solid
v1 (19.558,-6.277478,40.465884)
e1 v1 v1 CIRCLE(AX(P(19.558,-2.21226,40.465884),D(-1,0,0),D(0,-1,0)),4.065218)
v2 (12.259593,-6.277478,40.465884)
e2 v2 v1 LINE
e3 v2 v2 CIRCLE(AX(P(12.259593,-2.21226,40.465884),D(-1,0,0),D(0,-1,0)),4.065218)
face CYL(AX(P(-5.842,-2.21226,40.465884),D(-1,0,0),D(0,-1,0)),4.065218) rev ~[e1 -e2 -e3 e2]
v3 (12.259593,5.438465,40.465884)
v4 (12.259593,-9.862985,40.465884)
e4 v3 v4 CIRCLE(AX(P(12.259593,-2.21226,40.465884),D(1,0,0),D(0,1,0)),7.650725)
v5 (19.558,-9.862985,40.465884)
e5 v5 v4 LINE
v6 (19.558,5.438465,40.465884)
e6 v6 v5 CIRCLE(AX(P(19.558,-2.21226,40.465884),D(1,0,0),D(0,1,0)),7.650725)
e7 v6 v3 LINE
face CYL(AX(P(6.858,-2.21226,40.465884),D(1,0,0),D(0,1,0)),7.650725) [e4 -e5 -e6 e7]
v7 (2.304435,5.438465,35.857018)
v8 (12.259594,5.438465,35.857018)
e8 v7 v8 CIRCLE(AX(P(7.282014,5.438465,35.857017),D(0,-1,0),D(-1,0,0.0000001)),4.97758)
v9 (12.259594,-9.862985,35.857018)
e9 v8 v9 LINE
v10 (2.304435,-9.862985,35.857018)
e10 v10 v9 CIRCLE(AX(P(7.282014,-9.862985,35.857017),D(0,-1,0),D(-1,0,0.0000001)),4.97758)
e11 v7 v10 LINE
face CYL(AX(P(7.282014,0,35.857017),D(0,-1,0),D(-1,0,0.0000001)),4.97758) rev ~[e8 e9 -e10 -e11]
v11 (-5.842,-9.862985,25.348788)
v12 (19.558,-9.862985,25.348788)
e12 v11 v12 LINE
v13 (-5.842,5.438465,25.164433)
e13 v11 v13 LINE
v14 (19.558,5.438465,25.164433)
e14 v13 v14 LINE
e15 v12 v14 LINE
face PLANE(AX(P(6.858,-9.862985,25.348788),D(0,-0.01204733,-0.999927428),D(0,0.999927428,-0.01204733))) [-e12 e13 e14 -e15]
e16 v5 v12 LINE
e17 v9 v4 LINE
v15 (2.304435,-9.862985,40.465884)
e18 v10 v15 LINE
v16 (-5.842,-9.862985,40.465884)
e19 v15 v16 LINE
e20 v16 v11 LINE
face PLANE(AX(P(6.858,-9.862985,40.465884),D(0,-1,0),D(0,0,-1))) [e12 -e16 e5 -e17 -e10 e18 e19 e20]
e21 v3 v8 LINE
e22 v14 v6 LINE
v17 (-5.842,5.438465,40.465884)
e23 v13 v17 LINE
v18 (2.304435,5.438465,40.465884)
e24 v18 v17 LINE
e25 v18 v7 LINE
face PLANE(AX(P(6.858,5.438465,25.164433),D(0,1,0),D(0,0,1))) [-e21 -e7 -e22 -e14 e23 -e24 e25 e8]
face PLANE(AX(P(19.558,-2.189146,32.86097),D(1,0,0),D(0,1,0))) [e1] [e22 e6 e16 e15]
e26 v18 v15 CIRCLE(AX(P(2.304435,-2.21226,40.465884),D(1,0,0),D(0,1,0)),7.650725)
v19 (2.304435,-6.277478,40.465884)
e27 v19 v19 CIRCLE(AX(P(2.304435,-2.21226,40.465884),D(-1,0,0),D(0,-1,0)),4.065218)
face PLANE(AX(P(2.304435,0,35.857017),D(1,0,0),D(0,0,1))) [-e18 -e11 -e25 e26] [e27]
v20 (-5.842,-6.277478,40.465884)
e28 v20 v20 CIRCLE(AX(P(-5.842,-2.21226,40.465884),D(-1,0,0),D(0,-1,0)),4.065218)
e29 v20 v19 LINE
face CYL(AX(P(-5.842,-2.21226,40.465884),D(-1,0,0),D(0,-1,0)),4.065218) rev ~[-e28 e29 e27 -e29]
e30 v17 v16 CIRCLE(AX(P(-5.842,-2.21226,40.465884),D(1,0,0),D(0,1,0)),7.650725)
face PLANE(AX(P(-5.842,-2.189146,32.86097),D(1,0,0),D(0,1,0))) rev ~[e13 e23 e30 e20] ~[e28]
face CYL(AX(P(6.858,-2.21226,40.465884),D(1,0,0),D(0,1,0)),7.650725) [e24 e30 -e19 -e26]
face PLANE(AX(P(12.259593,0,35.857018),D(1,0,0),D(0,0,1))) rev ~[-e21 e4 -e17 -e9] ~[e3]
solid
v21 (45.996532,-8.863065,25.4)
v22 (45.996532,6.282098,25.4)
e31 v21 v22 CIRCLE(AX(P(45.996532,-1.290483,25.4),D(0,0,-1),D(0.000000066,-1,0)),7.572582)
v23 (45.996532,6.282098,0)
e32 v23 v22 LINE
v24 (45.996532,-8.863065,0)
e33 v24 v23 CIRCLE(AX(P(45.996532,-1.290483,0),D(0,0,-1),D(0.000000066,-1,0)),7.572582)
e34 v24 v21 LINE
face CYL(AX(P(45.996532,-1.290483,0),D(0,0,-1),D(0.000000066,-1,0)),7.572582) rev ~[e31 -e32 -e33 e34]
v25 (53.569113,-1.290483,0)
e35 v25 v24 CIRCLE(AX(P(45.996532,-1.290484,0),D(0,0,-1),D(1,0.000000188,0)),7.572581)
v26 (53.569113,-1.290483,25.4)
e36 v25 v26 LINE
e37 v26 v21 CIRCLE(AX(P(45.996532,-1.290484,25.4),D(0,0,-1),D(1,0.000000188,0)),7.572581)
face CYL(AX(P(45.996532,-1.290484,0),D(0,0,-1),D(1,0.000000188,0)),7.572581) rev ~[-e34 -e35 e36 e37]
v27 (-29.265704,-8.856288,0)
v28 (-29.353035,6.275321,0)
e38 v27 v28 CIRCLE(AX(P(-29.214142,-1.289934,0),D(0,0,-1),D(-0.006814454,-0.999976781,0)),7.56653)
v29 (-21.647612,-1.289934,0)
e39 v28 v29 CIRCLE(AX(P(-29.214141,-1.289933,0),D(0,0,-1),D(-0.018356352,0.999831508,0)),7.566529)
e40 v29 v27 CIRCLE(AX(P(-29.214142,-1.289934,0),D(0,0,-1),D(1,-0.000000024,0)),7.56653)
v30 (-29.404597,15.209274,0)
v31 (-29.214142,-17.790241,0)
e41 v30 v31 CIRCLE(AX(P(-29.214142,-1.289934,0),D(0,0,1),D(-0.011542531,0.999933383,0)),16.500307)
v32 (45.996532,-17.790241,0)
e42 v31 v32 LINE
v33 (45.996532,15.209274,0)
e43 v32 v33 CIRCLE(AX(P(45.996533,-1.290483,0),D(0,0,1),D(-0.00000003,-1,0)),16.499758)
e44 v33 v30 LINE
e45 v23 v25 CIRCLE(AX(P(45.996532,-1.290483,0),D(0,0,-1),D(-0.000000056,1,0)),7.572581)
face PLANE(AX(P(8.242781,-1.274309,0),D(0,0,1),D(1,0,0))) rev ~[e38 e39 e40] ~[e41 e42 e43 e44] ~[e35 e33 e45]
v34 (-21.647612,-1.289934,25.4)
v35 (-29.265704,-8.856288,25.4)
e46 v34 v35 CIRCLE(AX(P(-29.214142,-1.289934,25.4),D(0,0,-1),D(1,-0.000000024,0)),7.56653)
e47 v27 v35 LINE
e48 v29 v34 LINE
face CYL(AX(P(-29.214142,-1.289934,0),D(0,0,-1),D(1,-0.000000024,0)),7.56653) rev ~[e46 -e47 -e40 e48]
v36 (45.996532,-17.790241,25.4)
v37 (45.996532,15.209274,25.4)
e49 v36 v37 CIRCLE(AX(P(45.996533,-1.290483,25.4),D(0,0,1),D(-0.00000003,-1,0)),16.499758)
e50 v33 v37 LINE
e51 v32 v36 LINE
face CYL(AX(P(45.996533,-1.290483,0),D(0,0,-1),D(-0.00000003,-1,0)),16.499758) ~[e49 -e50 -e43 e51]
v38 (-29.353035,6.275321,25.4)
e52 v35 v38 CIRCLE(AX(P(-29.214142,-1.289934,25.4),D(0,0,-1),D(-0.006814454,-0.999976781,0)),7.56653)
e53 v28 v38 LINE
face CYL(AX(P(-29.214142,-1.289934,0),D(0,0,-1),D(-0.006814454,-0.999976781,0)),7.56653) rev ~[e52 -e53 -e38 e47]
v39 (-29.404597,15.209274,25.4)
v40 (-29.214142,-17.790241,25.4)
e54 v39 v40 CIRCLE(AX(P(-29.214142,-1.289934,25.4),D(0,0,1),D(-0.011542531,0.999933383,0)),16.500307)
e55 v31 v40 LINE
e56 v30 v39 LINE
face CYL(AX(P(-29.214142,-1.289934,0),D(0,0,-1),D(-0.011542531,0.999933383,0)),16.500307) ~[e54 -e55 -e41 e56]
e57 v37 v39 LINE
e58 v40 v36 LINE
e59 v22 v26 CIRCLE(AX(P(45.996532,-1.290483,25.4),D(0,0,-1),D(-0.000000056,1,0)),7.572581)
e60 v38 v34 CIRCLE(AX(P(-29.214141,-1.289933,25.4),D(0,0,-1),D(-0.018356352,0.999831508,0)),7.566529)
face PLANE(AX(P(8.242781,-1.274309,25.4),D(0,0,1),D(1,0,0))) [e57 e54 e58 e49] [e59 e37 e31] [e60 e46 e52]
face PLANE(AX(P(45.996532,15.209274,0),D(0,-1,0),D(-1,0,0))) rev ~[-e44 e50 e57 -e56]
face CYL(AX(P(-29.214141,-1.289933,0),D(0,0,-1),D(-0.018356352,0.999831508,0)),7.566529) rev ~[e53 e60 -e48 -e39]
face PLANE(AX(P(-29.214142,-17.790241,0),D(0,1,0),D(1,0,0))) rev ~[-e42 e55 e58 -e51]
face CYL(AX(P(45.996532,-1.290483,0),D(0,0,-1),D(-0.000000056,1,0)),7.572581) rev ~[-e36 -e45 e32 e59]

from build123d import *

# Parameters (mm, degrees)
F1_DEPTH = 25.4
F3_DEPTH = 12.7
F6_W     = 9.955159
F6_H     = 15.854515
F7_DEPTH = 12.7
F8_R     = 4.065218
F9_DEPTH = 25.654


with BuildPart() as f1:
    # F0 (on Top) → F1 (new body)
    with BuildSketch(Plane.XY):
        with BuildLine():
            Line((45.996532, 15.209274), (-29.404597, 15.209274))
            Line((-29.404597, 15.209274), (-29.353035, 6.275321))
            ThreePointArc((-29.353035, 6.275321), (-23.913131, 4.109294), (-21.647612, -1.289934))
            ThreePointArc((-21.647612, -1.289934), (-23.882058, -6.658477), (-29.265704, -8.856288))
            Line((-29.265704, -8.856288), (-29.214142, -17.790241))
            Line((-29.214142, -17.790241), (45.996532, -17.790241))
            Line((45.996532, -17.790241), (45.996532, -8.863065))
            ThreePointArc((45.996532, -8.863065), (38.42395, -1.290483), (45.996532, 6.282098))
            Line((45.996532, 6.282098), (45.996532, 15.209274))
        make_face()
        with BuildLine():
            Line((-29.353035, 6.275321), (-29.404597, 15.209274))
            ThreePointArc((-29.404597, 15.209274), (-45.714174, -1.385163), (-29.214142, -17.790241))
            Line((-29.214142, -17.790241), (-29.265704, -8.856288))
            ThreePointArc((-29.265704, -8.856288), (-36.780546, -1.333603), (-29.353035, 6.275321))
        make_face()
        with BuildLine():
            ThreePointArc((45.996532, -17.790241), (62.49629, -1.290483), (45.996532, 15.209274))
            Line((45.996532, 15.209274), (45.996532, 6.282098))
            ThreePointArc((45.996532, 6.282098), (51.351156, 4.06414), (53.569113, -1.290483))
            ThreePointArc((53.569113, -1.290483), (51.351156, -6.645107), (45.996532, -8.863065))
            Line((45.996532, -8.863065), (45.996532, -17.790241))
        make_face()
    extrude(amount=F1_DEPTH)


with BuildPart() as f3:
    # F2 (on Right) → F3 (new body, symmetric)
    with BuildSketch(Plane.YZ):
        Polygon((-9.862985, 40.465884), (-9.862985, 25.348788), (5.438465, 25.164433), (5.438465, 40.465884), align=None)
        with BuildLine():
            ThreePointArc((5.438465, 40.465884), (-2.21226, 48.116609), (-9.862985, 40.465884))
            Line((-9.862985, 40.465884), (5.438465, 40.465884))
        make_face()
    extrude(amount=F3_DEPTH, both=True)


with BuildPart() as f1_1:
    # F4: moved
    add(f1.part)


with BuildPart() as f3_1:
    # F5: moved
    add(f3.part.moved(Location((6.858, 0, 0))))

    # F6 (on Front) → F7 (cut, symmetric)
    with BuildSketch(Plane.XZ):
        with Locations((7.282014, 43.784275)):
            Rectangle(F6_W, F6_H)
        with BuildLine():
            Line((12.259594, 35.857018), (2.304435, 35.857018))
            ThreePointArc((2.304435, 35.857018), (7.282014, 30.879438), (12.259594, 35.857018))
        make_face()
    extrude(amount=F7_DEPTH, both=True, mode=Mode.SUBTRACT)

    # F8 (on face) → F9 (cut)
    with BuildSketch(Plane(origin=(-5.842, 0, 0), x_dir=(0, -1, 0), z_dir=(-1, 0, 0))):
        with Locations((2.21226, 40.465884)):
            Circle(F8_R)
    extrude(amount=-F9_DEPTH, mode=Mode.SUBTRACT)


solid = Compound([f1_1.part, f3_1.part])
